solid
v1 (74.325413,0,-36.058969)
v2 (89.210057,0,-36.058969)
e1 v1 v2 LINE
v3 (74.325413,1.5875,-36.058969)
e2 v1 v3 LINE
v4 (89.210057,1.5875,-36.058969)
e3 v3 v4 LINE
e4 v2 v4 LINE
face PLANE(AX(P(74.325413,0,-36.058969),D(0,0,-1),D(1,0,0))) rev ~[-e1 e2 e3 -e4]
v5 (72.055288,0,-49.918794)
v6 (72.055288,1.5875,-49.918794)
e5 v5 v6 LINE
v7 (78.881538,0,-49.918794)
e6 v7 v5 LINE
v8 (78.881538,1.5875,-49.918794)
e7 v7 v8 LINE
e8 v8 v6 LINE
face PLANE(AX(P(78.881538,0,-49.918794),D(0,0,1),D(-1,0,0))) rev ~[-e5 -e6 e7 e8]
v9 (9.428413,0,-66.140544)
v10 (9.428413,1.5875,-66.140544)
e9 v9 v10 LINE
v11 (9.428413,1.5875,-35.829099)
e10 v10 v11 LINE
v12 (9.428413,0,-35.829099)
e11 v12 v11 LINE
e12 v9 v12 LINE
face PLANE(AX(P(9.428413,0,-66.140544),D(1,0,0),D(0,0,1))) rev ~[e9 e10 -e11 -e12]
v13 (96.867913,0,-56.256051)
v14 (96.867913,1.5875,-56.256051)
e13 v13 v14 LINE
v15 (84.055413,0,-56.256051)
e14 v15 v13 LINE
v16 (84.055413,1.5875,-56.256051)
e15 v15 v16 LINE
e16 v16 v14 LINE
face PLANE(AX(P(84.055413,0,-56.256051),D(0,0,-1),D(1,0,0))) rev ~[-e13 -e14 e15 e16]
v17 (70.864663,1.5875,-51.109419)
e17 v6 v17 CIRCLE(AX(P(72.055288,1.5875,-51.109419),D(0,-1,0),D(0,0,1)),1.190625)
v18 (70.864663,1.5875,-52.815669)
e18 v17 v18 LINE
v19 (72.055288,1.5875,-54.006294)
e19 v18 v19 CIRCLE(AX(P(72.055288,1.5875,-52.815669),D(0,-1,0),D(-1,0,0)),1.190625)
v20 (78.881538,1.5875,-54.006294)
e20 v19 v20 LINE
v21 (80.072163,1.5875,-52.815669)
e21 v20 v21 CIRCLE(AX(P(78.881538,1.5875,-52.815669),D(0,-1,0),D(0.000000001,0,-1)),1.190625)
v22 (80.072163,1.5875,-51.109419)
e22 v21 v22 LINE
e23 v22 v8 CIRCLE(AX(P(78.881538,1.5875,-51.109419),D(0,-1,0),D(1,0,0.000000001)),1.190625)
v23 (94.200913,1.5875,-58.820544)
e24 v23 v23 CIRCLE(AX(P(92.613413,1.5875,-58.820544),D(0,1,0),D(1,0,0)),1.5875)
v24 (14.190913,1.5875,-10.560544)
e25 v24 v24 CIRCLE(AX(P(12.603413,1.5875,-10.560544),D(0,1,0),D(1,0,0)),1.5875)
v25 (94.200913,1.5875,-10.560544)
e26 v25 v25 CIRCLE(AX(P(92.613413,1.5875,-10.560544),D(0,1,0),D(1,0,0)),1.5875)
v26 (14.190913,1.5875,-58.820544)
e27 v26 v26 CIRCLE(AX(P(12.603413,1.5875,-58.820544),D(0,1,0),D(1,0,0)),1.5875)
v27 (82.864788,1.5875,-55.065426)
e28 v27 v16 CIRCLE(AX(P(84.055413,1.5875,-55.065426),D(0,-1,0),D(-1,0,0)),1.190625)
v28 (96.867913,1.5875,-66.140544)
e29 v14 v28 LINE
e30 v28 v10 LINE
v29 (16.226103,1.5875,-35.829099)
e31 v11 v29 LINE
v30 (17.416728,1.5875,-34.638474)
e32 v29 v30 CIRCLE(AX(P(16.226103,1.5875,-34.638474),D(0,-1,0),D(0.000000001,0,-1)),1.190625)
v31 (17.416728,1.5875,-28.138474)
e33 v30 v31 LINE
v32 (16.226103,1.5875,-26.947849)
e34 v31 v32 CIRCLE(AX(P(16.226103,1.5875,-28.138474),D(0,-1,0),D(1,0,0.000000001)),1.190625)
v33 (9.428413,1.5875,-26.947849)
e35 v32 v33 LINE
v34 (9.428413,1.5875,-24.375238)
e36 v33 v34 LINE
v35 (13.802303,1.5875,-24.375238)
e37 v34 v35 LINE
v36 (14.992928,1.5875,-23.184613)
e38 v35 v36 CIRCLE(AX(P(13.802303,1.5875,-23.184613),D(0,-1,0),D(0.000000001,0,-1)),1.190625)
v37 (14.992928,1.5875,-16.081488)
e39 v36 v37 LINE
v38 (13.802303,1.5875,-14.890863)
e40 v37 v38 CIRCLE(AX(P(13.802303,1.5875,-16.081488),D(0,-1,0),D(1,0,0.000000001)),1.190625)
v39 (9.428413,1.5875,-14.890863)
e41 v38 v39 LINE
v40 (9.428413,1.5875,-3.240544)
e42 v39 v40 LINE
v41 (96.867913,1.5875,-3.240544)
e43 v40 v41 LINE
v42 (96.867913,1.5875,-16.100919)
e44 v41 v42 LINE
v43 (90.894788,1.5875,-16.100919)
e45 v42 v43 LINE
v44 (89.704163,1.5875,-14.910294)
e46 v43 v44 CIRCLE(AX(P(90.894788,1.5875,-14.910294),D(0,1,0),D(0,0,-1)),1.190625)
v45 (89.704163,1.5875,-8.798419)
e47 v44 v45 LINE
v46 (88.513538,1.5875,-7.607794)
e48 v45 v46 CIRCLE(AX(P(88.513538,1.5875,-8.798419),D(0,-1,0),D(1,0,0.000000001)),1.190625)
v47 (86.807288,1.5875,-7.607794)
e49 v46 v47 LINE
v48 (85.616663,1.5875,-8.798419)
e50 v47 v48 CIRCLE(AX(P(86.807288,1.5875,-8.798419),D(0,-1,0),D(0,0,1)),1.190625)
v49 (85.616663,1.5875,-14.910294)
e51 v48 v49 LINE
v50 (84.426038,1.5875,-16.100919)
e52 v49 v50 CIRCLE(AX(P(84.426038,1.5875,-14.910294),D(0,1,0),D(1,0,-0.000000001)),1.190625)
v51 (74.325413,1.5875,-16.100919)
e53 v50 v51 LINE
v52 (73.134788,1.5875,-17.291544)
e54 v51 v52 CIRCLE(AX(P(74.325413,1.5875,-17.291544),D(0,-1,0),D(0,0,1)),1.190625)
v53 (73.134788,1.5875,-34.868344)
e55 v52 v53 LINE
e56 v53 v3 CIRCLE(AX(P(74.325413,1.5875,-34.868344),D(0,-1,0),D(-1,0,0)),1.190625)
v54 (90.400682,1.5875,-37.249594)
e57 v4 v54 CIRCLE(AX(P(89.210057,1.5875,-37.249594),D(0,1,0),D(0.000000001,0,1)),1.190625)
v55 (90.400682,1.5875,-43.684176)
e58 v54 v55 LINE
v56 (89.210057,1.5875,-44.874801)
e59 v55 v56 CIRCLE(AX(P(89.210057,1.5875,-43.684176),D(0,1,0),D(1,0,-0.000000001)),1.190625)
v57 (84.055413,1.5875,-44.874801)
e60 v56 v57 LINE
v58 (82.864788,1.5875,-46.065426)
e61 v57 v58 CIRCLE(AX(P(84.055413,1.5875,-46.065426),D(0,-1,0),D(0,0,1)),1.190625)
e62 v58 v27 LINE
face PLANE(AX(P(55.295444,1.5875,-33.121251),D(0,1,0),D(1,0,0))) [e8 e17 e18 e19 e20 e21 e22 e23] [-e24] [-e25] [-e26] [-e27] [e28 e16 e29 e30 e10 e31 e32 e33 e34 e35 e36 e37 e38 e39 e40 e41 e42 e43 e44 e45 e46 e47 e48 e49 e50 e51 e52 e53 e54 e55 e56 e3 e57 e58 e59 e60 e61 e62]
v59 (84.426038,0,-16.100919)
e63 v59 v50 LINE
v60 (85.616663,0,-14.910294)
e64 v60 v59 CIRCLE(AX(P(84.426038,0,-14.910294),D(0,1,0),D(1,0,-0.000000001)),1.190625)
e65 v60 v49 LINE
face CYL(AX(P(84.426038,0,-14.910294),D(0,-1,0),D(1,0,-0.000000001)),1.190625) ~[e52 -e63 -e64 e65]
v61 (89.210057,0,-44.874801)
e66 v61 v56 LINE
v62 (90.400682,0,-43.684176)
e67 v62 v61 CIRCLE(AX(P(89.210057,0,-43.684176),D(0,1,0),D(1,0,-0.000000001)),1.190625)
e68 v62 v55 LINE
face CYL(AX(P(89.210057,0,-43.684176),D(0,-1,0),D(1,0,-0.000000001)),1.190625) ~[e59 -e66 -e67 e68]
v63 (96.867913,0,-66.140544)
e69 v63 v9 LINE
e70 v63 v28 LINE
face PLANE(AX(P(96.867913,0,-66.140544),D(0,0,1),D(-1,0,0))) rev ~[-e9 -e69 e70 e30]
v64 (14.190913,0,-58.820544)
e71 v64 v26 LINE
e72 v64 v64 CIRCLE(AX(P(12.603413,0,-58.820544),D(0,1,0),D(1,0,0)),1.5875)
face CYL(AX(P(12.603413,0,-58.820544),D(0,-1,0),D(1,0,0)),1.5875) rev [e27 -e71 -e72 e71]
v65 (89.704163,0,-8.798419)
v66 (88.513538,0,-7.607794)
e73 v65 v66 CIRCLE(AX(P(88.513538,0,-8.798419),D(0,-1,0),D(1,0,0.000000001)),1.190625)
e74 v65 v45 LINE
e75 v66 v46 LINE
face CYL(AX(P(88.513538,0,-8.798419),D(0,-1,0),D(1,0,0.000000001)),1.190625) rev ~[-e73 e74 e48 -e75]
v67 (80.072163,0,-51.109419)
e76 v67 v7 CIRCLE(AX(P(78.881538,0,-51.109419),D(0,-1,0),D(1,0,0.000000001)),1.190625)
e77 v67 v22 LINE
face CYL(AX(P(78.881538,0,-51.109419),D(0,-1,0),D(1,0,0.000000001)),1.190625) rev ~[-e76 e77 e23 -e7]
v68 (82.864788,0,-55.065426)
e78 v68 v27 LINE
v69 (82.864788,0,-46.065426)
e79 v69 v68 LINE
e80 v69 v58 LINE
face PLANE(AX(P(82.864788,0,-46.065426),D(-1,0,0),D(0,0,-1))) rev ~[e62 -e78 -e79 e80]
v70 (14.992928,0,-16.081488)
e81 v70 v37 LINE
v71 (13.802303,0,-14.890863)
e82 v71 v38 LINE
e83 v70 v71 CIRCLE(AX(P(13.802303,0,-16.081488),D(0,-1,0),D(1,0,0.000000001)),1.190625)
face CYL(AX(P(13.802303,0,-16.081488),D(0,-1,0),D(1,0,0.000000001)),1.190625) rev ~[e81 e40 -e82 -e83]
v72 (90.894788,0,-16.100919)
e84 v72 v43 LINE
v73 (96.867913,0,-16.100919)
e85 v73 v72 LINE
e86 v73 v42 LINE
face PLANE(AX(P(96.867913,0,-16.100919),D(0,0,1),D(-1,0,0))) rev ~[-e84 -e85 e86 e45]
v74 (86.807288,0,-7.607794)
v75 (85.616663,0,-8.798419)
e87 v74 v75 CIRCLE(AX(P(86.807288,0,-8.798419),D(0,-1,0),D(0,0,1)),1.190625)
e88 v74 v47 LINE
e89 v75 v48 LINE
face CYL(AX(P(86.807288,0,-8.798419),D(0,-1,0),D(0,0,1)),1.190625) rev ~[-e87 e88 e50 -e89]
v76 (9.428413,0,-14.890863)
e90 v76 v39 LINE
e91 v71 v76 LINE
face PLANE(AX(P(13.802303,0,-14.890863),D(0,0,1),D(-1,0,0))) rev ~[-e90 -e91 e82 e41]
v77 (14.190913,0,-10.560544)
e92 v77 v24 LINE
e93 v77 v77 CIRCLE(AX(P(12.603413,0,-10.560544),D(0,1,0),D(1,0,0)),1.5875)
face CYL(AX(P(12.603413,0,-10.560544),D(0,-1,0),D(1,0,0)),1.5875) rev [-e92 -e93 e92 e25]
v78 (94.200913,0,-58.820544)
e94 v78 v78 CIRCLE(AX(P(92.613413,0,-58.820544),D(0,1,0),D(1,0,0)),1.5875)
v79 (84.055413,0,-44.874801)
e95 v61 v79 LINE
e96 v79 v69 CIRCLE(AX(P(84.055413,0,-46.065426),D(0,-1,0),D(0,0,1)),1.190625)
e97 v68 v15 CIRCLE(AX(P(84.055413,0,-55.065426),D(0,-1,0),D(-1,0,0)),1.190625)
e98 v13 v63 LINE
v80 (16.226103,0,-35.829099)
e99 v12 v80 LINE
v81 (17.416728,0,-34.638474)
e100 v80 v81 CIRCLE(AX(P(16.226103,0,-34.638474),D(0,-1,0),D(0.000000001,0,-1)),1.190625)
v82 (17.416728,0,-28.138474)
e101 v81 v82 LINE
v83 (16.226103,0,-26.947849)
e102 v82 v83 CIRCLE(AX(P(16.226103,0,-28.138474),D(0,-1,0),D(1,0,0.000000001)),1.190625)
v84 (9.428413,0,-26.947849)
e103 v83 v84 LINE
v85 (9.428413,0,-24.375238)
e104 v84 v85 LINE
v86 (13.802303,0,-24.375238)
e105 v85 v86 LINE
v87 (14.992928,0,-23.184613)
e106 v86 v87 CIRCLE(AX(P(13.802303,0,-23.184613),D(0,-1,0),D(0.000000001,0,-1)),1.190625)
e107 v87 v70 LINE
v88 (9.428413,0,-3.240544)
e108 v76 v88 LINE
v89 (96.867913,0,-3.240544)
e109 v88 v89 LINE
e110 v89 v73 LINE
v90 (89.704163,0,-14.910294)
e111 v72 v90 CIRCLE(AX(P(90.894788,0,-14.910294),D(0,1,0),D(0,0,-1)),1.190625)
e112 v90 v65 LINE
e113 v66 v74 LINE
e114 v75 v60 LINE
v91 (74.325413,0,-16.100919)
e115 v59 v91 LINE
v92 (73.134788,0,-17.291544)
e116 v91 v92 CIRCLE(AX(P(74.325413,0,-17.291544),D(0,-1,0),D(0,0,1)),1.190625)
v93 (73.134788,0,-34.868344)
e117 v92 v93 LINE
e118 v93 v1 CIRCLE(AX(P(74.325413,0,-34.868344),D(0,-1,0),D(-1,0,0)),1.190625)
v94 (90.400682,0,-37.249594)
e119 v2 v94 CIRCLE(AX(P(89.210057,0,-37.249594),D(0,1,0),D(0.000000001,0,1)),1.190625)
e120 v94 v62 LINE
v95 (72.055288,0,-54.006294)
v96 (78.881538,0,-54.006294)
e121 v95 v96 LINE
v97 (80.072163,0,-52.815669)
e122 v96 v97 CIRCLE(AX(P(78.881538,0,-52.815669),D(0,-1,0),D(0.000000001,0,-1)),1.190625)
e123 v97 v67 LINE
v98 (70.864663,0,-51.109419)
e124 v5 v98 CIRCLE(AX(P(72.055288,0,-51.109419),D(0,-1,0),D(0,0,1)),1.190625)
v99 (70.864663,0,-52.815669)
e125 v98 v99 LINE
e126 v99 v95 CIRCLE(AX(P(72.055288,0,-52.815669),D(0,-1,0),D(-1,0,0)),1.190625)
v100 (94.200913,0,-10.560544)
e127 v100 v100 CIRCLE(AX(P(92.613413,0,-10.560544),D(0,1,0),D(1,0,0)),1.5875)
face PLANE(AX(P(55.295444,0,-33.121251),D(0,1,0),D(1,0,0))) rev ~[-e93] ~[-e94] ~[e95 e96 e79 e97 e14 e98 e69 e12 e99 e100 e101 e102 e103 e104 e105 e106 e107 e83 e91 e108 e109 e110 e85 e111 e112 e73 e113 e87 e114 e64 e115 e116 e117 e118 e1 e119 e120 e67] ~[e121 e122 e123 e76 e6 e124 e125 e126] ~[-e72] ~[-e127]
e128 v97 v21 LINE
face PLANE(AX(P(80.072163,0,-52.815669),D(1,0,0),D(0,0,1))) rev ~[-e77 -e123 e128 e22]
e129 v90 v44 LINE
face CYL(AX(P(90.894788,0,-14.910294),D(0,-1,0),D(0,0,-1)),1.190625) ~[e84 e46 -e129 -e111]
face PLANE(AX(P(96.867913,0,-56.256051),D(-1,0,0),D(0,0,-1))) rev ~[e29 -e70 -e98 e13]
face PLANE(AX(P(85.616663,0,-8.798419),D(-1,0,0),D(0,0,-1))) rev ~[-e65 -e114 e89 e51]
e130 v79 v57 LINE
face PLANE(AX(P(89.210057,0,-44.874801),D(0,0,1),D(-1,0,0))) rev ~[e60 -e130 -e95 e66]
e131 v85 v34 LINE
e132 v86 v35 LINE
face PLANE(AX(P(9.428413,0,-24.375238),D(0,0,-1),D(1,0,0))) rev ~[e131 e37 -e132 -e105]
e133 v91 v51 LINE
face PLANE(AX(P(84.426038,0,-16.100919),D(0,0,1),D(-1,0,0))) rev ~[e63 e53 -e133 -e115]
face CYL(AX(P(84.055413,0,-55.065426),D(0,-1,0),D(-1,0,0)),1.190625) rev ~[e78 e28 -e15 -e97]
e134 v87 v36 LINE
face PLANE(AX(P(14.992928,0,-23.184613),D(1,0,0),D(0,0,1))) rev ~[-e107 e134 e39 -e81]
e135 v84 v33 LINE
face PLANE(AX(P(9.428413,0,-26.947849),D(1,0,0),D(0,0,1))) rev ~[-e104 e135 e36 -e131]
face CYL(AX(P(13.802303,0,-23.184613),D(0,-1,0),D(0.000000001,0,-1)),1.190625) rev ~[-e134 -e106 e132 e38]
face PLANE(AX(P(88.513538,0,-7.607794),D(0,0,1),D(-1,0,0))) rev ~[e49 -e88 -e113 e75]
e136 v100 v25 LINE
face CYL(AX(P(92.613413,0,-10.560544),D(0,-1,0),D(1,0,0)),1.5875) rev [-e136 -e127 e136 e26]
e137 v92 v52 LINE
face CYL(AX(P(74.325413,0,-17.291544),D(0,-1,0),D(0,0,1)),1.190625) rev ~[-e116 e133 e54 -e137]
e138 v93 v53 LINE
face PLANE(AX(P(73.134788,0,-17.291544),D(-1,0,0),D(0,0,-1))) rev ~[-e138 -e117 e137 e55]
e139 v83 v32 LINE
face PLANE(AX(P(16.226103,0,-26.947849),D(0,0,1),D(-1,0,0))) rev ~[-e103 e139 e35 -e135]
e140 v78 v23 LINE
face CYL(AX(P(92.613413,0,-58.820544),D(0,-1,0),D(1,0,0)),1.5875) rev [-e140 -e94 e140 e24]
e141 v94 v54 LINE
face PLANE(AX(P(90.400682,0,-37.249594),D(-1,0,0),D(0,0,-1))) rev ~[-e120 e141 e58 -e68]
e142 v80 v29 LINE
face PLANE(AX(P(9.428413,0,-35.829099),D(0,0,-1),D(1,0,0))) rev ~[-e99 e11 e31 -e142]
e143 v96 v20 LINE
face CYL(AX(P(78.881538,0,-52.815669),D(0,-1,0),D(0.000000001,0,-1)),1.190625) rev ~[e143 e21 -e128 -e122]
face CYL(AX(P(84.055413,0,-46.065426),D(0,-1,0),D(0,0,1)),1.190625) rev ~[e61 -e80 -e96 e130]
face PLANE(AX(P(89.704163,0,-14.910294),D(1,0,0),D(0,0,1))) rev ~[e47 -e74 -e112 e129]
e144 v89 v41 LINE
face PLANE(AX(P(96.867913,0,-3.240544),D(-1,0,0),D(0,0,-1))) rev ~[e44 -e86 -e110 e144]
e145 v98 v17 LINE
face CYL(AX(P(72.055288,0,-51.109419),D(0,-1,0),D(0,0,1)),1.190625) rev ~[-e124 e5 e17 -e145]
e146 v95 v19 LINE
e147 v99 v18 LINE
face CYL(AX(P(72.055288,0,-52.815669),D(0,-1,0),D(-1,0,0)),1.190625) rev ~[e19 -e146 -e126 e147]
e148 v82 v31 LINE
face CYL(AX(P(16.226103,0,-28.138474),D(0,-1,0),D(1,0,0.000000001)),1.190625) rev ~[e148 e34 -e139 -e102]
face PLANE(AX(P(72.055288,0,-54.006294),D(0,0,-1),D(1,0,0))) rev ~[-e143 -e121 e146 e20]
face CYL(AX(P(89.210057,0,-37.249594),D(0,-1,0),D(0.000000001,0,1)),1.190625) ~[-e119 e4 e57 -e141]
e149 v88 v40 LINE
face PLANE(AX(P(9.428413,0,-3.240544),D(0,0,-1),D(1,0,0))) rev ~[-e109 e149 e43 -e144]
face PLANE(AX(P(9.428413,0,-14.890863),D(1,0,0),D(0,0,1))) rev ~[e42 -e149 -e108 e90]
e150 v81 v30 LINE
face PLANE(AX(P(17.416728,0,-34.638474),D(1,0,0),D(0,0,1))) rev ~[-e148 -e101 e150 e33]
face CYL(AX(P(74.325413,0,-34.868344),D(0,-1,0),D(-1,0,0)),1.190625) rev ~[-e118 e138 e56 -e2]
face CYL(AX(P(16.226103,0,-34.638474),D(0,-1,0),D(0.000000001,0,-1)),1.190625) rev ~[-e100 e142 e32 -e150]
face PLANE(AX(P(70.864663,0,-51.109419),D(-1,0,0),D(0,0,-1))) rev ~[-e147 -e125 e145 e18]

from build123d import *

# Parameters (mm, degrees)
SKETCH1_R           = 1.5875
BOSS_EXTRUDE1_DEPTH = 1.5875


with BuildPart() as part:
    # Sketch1 → Boss-Extrude1 (new body)
    with BuildSketch(Plane(origin=(0, 0, 0), x_dir=(1, 0, 0), z_dir=(0, 1, 0))):
        with BuildLine():
            Line((96.867912936, 16.100919196), (90.894787936, 16.100919196))
            ThreePointArc((90.894787936, 16.100919196), (90.052888924, 15.752193207), (89.704162936, 14.910294196))
            Line((89.704162936, 14.910294196), (89.704162936, 8.798419196))
            ThreePointArc((89.704162936, 8.798419196), (89.355436947, 7.956520185), (88.513537936, 7.607794196))
            Line((88.513537936, 7.607794196), (86.807287936, 7.607794196))
            ThreePointArc((86.807287936, 7.607794196), (85.965388924, 7.956520185), (85.616662936, 8.798419196))
            Line((85.616662936, 8.798419196), (85.616662936, 14.910294196))
            ThreePointArc((85.616662936, 14.910294196), (85.267936947, 15.752193207), (84.426037936, 16.100919196))
            Line((84.426037936, 16.100919196), (74.325412936, 16.100919196))
            ThreePointArc((74.325412936, 16.100919196), (73.483513924, 16.449645185), (73.134787936, 17.291544196))
            Line((73.134787936, 17.291544196), (73.134787936, 34.868344196))
            ThreePointArc((73.134787936, 34.868344196), (73.483513924, 35.710243207), (74.325412936, 36.058969196))
            Line((74.325412936, 36.058969196), (89.210056936, 36.058969196))
            ThreePointArc((89.210056936, 36.058969196), (90.051955947, 36.407695185), (90.400681936, 37.249594196))
            Line((90.400681936, 37.249594196), (90.400681936, 43.684176196))
            ThreePointArc((90.400681936, 43.684176196), (90.051955947, 44.526075207), (89.210056936, 44.874801196))
            Line((89.210056936, 44.874801196), (84.055412936, 44.874801196))
            ThreePointArc((84.055412936, 44.874801196), (83.213513924, 45.223527185), (82.864787936, 46.065426196))
            Line((82.864787936, 46.065426196), (82.864787936, 55.065426196))
            ThreePointArc((82.864787936, 55.065426196), (83.213513924, 55.907325207), (84.055412936, 56.256051196))
            Line((84.055412936, 56.256051196), (96.867912936, 56.256051196))
            Line((96.867912936, 56.256051196), (96.867912936, 66.140544196))
            Line((96.867912936, 66.140544196), (9.428412936, 66.140544196))
            Line((9.428412936, 66.140544196), (9.428412936, 35.829099196))
            Line((9.428412936, 35.829099196), (16.226102936, 35.829099196))
            ThreePointArc((16.226102936, 35.829099196), (17.068001947, 35.480373207), (17.416727936, 34.638474196))
            Line((17.416727936, 34.638474196), (17.416727936, 28.138474196))
            ThreePointArc((17.416727936, 28.138474196), (17.068001947, 27.296575185), (16.226102936, 26.947849196))
            Line((16.226102936, 26.947849196), (9.428412936, 26.947849196))
            Line((9.428412936, 26.947849196), (9.428412936, 24.375238196))
            Line((9.428412936, 24.375238196), (13.802302936, 24.375238196))
            ThreePointArc((13.802302936, 24.375238196), (14.644201947, 24.026512207), (14.992927936, 23.184613196))
            Line((14.992927936, 23.184613196), (14.992927936, 16.081488196))
            ThreePointArc((14.992927936, 16.081488196), (14.644201947, 15.239589185), (13.802302936, 14.890863196))
            Line((13.802302936, 14.890863196), (9.428412936, 14.890863196))
            Line((9.428412936, 14.890863196), (9.428412936, 3.240544196))
            Line((9.428412936, 3.240544196), (96.867912936, 3.240544196))
            Line((96.867912936, 3.240544196), (96.867912936, 16.100919196))
        make_face()
        with Locations((92.613412936, 58.820544196)):
            Circle(SKETCH1_R, mode=Mode.SUBTRACT)
        with Locations((12.603412936, 10.560544196)):
            Circle(SKETCH1_R, mode=Mode.SUBTRACT)
        with Locations((92.613412936, 10.560544196)):
            Circle(SKETCH1_R, mode=Mode.SUBTRACT)
        with Locations((12.603412936, 58.820544196)):
            Circle(SKETCH1_R, mode=Mode.SUBTRACT)
        with BuildLine():
            Line((78.881537936, 49.918794196), (72.055287936, 49.918794196))
            ThreePointArc((72.055287936, 49.918794196), (71.213388924, 50.267520185), (70.864662936, 51.109419196))
            Line((70.864662936, 51.109419196), (70.864662936, 52.815669196))
            ThreePointArc((70.864662936, 52.815669196), (71.213388924, 53.657568207), (72.055287936, 54.006294196))
            Line((72.055287936, 54.006294196), (78.881537936, 54.006294196))
            ThreePointArc((78.881537936, 54.006294196), (79.723436947, 53.657568207), (80.072162936, 52.815669196))
            Line((80.072162936, 52.815669196), (80.072162936, 51.109419196))
            ThreePointArc((80.072162936, 51.109419196), (79.723436947, 50.267520185), (78.881537936, 49.918794196))
        make_face(mode=Mode.SUBTRACT)
    extrude(amount=BOSS_EXTRUDE1_DEPTH)


solid = part.part
